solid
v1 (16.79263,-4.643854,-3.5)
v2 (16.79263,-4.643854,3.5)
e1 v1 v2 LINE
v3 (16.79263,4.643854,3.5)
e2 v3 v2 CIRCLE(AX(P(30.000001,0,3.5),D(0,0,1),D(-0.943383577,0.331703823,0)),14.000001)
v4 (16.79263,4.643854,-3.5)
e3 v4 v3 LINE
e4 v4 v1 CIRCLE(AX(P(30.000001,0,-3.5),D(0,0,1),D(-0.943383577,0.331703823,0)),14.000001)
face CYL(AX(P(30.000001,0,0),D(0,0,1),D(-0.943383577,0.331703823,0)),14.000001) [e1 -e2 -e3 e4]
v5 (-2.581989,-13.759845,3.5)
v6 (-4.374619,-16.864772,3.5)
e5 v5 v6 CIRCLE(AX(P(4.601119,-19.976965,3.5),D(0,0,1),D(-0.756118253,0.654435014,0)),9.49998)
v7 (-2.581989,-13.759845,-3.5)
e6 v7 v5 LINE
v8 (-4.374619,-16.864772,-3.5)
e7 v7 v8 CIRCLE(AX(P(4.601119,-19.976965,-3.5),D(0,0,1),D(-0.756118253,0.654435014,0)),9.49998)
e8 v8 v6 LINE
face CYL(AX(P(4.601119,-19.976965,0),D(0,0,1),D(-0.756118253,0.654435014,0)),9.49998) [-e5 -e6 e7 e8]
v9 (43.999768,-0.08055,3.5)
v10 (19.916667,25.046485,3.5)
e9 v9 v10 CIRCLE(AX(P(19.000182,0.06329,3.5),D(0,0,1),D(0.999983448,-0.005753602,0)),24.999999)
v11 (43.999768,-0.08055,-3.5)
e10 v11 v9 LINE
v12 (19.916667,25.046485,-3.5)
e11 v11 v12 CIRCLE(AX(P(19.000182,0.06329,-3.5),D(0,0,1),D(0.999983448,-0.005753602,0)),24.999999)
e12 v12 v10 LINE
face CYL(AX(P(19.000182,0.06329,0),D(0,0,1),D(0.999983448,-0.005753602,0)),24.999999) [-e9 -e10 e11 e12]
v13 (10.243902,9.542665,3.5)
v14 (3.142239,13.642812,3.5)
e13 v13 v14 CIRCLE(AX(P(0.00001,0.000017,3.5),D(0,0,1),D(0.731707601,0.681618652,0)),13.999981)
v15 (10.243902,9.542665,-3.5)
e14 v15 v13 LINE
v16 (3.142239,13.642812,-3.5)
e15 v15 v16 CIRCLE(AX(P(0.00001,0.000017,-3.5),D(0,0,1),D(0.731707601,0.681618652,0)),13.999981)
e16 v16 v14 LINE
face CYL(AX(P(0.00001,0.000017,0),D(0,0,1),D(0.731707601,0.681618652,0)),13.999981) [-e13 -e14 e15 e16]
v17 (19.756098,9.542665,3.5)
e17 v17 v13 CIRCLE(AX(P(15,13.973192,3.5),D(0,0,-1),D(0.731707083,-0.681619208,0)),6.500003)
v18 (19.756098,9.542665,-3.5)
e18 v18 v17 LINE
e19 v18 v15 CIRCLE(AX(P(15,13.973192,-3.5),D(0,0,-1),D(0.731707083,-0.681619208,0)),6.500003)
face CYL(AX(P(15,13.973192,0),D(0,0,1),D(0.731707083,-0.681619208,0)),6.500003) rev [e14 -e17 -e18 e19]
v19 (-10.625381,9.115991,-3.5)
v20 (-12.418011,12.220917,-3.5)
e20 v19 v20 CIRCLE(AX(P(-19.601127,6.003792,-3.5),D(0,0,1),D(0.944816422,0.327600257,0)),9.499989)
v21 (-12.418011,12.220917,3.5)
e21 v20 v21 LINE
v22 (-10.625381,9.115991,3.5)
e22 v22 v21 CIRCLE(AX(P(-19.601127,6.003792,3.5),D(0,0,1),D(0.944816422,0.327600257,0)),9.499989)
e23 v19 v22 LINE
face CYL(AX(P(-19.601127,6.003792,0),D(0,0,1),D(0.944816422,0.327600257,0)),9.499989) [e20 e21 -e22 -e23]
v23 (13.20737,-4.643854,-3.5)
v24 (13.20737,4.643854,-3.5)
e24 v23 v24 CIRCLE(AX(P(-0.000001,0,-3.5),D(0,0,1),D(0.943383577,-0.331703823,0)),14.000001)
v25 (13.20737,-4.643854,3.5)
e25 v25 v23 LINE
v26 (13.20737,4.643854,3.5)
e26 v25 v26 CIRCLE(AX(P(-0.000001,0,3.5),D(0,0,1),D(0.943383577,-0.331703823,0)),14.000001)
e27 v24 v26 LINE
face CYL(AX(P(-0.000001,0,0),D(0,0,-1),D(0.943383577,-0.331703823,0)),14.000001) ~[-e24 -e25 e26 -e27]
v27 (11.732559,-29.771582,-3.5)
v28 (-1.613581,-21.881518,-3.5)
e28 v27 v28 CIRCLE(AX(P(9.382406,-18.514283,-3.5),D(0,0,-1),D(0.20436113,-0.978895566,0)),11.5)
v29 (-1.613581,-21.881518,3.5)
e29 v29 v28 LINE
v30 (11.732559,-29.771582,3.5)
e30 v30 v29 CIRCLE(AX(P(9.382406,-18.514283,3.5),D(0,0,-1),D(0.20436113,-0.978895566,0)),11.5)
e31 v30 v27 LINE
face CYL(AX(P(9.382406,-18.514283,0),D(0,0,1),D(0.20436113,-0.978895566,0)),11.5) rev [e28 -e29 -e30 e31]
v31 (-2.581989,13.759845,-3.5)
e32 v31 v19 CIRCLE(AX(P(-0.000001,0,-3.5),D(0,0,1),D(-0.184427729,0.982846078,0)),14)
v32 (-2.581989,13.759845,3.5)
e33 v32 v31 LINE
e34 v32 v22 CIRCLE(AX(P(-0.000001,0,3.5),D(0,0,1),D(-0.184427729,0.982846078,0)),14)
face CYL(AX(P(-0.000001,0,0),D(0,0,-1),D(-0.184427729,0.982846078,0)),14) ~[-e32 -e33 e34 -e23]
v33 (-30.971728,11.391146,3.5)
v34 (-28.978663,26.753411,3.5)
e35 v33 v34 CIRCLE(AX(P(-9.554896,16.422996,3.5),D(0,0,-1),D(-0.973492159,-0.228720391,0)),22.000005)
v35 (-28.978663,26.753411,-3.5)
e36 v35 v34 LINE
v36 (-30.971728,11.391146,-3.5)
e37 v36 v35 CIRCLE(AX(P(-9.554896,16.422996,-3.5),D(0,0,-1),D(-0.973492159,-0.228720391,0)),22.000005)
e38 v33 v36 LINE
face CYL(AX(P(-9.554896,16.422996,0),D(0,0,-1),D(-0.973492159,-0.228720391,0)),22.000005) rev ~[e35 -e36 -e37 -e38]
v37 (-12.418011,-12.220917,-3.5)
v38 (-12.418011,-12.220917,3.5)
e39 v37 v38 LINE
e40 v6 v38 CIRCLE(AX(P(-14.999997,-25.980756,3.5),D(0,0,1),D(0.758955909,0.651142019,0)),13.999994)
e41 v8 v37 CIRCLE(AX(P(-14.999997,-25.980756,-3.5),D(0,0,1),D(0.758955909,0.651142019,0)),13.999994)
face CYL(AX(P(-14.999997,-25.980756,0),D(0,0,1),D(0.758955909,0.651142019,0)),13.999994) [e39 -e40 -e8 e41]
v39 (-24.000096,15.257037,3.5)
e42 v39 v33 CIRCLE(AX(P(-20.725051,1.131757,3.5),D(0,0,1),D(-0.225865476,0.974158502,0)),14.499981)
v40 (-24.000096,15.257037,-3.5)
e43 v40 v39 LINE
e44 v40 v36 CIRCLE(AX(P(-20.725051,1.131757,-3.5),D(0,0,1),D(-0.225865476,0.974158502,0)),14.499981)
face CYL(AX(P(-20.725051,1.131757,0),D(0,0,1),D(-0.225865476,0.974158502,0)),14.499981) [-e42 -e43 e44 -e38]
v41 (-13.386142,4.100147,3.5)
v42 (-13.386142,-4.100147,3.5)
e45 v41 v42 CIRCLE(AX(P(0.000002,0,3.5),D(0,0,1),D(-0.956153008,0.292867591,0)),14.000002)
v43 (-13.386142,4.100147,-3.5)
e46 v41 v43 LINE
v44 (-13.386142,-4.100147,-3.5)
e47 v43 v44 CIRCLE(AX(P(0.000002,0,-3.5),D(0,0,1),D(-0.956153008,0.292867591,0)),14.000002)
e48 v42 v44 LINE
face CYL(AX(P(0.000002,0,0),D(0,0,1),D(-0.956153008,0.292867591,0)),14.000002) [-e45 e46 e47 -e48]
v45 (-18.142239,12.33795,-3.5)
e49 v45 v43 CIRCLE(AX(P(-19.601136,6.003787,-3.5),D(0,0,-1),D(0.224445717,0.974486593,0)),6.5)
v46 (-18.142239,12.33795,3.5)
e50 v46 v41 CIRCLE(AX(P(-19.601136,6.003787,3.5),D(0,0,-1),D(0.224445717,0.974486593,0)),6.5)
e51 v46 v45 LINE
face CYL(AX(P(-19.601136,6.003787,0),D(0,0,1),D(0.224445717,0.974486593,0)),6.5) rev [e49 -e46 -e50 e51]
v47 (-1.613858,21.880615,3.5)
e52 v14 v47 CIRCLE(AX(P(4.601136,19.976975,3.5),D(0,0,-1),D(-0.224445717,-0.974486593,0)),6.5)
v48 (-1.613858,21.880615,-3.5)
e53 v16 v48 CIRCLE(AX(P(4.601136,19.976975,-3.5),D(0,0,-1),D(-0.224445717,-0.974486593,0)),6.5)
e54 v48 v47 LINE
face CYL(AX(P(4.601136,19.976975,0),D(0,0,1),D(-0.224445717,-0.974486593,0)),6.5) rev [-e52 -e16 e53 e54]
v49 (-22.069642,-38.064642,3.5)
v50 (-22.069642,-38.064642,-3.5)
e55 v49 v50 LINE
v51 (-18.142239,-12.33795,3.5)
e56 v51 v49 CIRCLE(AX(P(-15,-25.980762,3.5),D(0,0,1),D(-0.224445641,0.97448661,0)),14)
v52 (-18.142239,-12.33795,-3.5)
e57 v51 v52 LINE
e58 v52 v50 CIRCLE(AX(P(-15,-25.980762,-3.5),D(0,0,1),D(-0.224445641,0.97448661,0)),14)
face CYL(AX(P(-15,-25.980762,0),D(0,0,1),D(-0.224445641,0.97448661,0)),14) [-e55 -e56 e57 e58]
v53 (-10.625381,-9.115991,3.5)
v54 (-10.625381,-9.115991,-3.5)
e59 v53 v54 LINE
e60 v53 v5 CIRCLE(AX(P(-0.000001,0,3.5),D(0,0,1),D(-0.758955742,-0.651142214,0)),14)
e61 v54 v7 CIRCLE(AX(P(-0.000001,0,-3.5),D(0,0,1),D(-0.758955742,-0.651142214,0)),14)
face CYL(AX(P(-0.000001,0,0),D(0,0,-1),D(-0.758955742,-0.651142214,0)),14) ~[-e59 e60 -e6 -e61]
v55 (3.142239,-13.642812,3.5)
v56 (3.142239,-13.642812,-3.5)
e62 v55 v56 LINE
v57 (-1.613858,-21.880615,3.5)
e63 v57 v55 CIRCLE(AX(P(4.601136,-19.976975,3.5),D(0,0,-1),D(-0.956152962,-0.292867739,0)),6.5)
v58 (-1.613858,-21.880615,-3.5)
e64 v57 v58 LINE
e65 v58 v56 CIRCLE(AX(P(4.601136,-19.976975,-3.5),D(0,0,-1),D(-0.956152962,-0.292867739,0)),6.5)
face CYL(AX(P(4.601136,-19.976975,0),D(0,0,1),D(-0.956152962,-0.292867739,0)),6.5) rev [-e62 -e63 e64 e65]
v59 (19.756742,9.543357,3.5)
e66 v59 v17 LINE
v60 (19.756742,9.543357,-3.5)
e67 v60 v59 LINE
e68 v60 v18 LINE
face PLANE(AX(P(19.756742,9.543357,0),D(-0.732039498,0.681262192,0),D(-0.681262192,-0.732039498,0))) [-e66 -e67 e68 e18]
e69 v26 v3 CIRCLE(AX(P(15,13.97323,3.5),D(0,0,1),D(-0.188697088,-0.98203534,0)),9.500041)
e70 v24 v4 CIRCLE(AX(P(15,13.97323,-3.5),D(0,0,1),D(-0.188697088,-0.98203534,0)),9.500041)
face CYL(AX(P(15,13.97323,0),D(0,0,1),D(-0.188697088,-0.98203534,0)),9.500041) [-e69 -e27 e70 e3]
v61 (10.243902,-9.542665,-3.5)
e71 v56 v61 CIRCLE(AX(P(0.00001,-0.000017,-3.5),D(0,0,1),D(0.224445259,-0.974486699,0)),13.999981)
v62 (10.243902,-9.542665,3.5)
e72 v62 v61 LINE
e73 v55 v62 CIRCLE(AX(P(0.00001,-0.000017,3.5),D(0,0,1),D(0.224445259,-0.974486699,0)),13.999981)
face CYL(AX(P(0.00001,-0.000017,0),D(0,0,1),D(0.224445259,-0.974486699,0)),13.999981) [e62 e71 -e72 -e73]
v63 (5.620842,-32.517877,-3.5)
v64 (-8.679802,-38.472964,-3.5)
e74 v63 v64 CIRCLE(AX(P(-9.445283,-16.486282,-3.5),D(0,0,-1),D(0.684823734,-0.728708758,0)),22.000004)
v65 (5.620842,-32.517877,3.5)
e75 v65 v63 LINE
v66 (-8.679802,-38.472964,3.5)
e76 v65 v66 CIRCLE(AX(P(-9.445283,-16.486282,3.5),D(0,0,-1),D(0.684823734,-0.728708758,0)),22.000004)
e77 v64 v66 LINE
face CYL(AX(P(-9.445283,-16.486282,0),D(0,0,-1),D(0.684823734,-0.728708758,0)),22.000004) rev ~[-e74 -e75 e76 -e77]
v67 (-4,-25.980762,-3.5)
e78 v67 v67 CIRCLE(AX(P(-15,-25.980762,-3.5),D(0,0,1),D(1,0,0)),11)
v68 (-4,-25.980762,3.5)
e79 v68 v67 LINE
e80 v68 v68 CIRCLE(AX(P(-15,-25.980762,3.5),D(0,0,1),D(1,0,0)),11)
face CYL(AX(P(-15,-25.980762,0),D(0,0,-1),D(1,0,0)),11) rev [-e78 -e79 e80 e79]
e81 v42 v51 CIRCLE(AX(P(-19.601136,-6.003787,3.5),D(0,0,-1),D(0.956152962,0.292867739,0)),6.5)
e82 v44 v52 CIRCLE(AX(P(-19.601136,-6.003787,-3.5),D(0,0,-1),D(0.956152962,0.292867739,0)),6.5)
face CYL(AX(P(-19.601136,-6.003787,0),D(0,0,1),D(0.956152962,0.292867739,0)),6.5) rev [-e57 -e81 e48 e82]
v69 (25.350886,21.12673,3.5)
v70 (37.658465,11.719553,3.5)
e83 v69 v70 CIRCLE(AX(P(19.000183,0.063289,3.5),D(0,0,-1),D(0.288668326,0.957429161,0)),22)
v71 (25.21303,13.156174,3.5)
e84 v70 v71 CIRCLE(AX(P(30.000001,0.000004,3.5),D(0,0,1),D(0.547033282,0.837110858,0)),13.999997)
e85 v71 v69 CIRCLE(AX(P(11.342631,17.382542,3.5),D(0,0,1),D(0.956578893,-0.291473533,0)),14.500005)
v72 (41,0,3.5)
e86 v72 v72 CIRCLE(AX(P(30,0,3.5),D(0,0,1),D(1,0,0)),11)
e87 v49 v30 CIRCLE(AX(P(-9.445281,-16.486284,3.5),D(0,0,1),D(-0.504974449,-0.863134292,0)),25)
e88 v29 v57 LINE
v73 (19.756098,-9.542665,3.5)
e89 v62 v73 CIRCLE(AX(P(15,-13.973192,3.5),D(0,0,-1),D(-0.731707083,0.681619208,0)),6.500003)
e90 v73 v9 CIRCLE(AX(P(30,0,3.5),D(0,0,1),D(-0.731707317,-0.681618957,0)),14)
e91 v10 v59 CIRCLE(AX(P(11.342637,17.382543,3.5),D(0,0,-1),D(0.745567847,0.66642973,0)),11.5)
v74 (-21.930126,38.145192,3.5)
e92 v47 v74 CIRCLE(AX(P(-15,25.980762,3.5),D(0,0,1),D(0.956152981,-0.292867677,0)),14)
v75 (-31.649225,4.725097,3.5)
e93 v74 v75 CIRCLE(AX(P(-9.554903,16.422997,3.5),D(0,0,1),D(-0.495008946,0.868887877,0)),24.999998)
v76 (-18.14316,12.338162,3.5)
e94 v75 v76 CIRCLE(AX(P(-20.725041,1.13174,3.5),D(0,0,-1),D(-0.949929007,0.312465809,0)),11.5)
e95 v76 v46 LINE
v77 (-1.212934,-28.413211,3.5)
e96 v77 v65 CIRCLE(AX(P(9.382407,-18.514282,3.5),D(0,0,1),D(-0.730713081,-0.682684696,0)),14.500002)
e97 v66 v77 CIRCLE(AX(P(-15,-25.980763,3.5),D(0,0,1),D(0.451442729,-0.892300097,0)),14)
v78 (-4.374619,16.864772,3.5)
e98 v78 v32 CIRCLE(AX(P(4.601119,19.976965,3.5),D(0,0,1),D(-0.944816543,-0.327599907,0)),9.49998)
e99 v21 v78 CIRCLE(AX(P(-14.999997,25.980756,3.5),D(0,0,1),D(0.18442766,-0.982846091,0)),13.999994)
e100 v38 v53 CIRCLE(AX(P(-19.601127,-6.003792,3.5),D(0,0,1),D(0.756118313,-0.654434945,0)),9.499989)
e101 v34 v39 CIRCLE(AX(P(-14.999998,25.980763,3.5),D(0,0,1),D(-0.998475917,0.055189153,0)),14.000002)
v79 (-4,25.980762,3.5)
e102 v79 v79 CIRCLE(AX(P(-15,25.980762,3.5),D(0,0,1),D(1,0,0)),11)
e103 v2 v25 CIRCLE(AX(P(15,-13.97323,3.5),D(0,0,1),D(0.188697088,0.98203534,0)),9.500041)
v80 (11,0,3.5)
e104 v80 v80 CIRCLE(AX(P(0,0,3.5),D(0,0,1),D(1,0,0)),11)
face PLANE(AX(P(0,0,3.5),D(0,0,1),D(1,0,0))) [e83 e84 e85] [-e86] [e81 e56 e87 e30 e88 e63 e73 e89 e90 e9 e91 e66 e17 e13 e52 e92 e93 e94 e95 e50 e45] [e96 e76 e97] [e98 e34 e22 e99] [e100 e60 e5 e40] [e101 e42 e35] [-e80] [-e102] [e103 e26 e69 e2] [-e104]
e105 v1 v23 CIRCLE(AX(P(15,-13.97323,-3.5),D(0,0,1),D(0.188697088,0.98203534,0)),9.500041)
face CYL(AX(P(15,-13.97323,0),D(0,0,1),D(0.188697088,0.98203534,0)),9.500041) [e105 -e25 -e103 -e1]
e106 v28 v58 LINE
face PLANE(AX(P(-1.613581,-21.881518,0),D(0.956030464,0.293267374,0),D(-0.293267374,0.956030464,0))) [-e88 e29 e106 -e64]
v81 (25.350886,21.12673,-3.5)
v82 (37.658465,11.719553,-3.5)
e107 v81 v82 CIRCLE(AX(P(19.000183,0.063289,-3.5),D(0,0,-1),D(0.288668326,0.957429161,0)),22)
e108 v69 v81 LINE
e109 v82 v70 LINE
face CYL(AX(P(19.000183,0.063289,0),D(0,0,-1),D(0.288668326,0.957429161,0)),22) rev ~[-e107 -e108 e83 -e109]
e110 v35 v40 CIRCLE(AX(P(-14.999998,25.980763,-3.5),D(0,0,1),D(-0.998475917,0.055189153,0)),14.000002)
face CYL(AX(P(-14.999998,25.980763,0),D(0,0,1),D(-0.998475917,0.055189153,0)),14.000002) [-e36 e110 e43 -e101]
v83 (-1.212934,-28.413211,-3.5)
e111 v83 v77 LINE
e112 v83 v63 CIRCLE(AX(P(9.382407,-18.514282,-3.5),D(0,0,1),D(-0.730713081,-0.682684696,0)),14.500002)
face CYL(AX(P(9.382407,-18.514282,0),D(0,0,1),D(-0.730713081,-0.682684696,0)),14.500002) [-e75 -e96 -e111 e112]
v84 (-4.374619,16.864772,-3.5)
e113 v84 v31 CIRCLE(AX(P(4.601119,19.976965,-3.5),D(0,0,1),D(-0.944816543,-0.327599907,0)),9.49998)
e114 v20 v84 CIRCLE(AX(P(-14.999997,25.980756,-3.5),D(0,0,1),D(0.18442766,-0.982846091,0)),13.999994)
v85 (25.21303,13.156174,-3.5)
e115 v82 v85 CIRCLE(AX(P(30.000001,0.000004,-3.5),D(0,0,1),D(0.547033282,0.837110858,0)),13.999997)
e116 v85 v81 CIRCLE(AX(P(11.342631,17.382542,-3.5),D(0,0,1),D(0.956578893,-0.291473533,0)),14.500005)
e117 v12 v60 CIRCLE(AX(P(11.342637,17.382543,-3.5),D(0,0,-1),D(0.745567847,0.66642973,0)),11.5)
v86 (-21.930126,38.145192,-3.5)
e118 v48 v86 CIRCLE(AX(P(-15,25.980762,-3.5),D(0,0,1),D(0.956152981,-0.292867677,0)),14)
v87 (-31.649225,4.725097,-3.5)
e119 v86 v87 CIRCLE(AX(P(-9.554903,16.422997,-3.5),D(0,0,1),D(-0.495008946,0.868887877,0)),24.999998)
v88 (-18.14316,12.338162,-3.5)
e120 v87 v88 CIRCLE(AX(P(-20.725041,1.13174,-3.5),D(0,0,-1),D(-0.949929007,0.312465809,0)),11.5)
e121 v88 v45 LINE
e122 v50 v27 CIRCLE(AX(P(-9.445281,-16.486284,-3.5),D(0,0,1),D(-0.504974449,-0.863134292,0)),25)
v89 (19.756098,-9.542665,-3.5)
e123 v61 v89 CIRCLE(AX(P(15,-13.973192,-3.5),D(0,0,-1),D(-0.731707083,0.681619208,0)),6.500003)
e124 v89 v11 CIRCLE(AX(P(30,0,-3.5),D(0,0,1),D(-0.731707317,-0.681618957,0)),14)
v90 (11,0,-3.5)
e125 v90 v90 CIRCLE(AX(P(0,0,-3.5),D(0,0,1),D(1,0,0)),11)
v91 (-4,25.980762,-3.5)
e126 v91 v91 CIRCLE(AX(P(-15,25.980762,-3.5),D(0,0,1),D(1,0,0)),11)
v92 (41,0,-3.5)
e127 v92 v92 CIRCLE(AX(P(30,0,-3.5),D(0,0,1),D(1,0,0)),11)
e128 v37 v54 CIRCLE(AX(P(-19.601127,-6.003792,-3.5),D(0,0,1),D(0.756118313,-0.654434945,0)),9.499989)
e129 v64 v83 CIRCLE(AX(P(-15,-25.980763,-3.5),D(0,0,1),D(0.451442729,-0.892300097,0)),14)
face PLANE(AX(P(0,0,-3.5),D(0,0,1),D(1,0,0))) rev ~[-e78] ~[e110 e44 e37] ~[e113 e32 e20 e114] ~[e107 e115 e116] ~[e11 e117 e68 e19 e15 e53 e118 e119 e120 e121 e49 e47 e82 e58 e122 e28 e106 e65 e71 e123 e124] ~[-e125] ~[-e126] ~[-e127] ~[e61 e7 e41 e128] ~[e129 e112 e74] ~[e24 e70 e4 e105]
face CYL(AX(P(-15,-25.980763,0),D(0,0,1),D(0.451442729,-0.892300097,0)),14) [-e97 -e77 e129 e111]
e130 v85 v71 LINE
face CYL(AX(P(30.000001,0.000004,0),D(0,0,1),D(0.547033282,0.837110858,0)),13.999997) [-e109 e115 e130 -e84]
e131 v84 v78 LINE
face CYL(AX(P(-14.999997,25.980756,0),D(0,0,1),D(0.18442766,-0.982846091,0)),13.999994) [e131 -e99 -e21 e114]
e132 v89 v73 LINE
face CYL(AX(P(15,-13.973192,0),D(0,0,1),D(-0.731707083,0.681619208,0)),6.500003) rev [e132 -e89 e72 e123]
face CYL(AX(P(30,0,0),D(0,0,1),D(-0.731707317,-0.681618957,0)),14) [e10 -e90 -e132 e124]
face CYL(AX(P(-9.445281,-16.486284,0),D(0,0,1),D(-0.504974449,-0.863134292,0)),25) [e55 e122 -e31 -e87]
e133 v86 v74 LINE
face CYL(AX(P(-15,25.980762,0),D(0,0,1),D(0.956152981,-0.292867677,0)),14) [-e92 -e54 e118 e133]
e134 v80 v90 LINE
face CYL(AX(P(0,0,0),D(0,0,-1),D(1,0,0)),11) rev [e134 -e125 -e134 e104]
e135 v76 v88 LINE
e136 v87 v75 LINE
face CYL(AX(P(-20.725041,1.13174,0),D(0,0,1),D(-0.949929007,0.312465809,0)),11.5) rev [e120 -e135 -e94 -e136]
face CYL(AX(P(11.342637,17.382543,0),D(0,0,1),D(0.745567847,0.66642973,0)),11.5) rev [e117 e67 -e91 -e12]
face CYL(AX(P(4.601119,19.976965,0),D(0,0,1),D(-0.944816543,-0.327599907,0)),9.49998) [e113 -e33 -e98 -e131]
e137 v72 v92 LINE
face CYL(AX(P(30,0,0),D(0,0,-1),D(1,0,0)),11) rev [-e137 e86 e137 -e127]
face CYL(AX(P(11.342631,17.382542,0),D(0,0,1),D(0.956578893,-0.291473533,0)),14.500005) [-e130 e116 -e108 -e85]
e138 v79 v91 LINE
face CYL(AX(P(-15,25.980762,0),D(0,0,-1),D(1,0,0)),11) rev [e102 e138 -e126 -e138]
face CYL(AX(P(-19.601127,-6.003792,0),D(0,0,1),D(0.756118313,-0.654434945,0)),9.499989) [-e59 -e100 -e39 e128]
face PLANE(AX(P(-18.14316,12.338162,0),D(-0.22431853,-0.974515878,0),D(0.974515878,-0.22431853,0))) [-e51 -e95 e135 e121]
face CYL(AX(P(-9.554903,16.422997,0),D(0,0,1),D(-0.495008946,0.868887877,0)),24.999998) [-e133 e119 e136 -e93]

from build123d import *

# Parameters (mm, degrees)
F0_R     = 11
F1_DEPTH = 3.5


with BuildPart() as f1:
    # F0 (on Top) → F1 (new body, symmetric)
    with BuildSketch(Plane.XY):
        with BuildLine():
            ThreePointArc((10.243902, -9.542665), (15, -7.473189), (19.756098, -9.542665))
            ThreePointArc((19.756098, -9.542665), (35.090141, -13.041873), (43.999768, -0.08055))
            ThreePointArc((43.999768, -0.08055), (37.048801, 17.362057), (19.916667, 25.046485))
            ThreePointArc((19.916667, 25.046485), (22.842025, 17.263919), (19.756742, 9.543357))
            Line((19.756742, 9.543357), (19.756098, 9.542665))
            ThreePointArc((19.756098, 9.542665), (15, 7.473189), (10.243902, 9.542665))
            ThreePointArc((10.243902, 9.542665), (7, 12.124356), (3.142239, 13.642812))
            ThreePointArc((3.142239, 13.642812), (-1.028029, 16.726975), (-1.613858, 21.880615))
            ThreePointArc((-1.613858, 21.880615), (-6.250477, 36.909891), (-21.930126, 38.145192))
            ThreePointArc((-21.930126, 38.145192), (-33.560383, 23.404175), (-31.649225, 4.725097))
            ThreePointArc((-31.649225, 4.725097), (-26.372005, 11.149814), (-18.14316, 12.338162))
            Line((-18.14316, 12.338162), (-18.142239, 12.33795))
            ThreePointArc((-18.142239, 12.33795), (-13.971971, 9.253787), (-13.386142, 4.100147))
            ThreePointArc((-13.386142, 4.100147), (-14, 0), (-13.386142, -4.100147))
            ThreePointArc((-13.386142, -4.100147), (-13.971971, -9.253787), (-18.142239, -12.33795))
            ThreePointArc((-18.142239, -12.33795), (-28.839664, -23.868017), (-22.069642, -38.064642))
            ThreePointArc((-22.069642, -38.064642), (-3.488418, -40.766231), (11.732559, -29.771582))
            ThreePointArc((11.732559, -29.771582), (3.52998, -28.413733), (-1.613581, -21.881518))
            Line((-1.613581, -21.881518), (-1.613858, -21.880615))
            ThreePointArc((-1.613858, -21.880615), (-1.028029, -16.726975), (3.142239, -13.642812))
            ThreePointArc((3.142239, -13.642812), (7, -12.124356), (10.243902, -9.542665))
        make_face()
        with Locations((-15, -25.980762)):
            Circle(F0_R, mode=Mode.SUBTRACT)
        with BuildLine():
            ThreePointArc((5.620842, -32.517877), (-0.987996, -36.795749), (-8.679802, -38.472964))
            ThreePointArc((-8.679802, -38.472964), (-3.758329, -34.324912), (-1.212934, -28.413211))
            ThreePointArc((-1.212934, -28.413211), (1.916333, -30.944398), (5.620842, -32.517877))
        make_face(mode=Mode.SUBTRACT)
        with BuildLine():
            ThreePointArc((-12.418011, -12.220917), (-11.373895, -10.753787), (-10.625381, -9.115991))
            ThreePointArc((-10.625381, -9.115991), (-7, -12.124356), (-2.581989, -13.759845))
            ThreePointArc((-2.581989, -13.759845), (-3.626105, -15.226975), (-4.374619, -16.864772))
            ThreePointArc((-4.374619, -16.864772), (-8, -13.856406), (-12.418011, -12.220917))
        make_face(mode=Mode.SUBTRACT)
        with BuildLine():
            ThreePointArc((-30.971728, 11.391146), (-31.372055, 19.253504), (-28.978663, 26.753411))
            ThreePointArc((-28.978663, 26.753411), (-27.847081, 20.417264), (-24.000096, 15.257037))
            ThreePointArc((-24.000096, 15.257037), (-27.756802, 13.812606), (-30.971728, 11.391146))
        make_face(mode=Mode.SUBTRACT)
        Circle(F0_R, mode=Mode.SUBTRACT)
        with BuildLine():
            ThreePointArc((-4.374619, 16.864772), (-3.626105, 15.226975), (-2.581989, 13.759845))
            ThreePointArc((-2.581989, 13.759845), (-7, 12.124356), (-10.625381, 9.115991))
            ThreePointArc((-10.625381, 9.115991), (-11.373895, 10.753787), (-12.418011, 12.220917))
            ThreePointArc((-12.418011, 12.220917), (-8, 13.856406), (-4.374619, 16.864772))
        make_face(mode=Mode.SUBTRACT)
        with Locations((-15, 25.980762)):
            Circle(F0_R, mode=Mode.SUBTRACT)
        with BuildLine():
            ThreePointArc((16.79263, -4.643854), (15, -4.473189), (13.20737, -4.643854))
            ThreePointArc((13.20737, -4.643854), (14, 0), (13.20737, 4.643854))
            ThreePointArc((13.20737, 4.643854), (15, 4.473189), (16.79263, 4.643854))
            ThreePointArc((16.79263, 4.643854), (16, 0), (16.79263, -4.643854))
        make_face(mode=Mode.SUBTRACT)
        with Locations((30, 0)):
            Circle(F0_R, mode=Mode.SUBTRACT)
        with BuildLine():
            ThreePointArc((25.350886, 21.12673), (32.360051, 17.542245), (37.658465, 11.719553))
            ThreePointArc((37.658465, 11.719553), (31.60541, 13.907648), (25.21303, 13.156174))
            ThreePointArc((25.21303, 13.156174), (25.840468, 17.131792), (25.350886, 21.12673))
        make_face(mode=Mode.SUBTRACT)
    extrude(amount=F1_DEPTH, both=True)


solid = f1.part
